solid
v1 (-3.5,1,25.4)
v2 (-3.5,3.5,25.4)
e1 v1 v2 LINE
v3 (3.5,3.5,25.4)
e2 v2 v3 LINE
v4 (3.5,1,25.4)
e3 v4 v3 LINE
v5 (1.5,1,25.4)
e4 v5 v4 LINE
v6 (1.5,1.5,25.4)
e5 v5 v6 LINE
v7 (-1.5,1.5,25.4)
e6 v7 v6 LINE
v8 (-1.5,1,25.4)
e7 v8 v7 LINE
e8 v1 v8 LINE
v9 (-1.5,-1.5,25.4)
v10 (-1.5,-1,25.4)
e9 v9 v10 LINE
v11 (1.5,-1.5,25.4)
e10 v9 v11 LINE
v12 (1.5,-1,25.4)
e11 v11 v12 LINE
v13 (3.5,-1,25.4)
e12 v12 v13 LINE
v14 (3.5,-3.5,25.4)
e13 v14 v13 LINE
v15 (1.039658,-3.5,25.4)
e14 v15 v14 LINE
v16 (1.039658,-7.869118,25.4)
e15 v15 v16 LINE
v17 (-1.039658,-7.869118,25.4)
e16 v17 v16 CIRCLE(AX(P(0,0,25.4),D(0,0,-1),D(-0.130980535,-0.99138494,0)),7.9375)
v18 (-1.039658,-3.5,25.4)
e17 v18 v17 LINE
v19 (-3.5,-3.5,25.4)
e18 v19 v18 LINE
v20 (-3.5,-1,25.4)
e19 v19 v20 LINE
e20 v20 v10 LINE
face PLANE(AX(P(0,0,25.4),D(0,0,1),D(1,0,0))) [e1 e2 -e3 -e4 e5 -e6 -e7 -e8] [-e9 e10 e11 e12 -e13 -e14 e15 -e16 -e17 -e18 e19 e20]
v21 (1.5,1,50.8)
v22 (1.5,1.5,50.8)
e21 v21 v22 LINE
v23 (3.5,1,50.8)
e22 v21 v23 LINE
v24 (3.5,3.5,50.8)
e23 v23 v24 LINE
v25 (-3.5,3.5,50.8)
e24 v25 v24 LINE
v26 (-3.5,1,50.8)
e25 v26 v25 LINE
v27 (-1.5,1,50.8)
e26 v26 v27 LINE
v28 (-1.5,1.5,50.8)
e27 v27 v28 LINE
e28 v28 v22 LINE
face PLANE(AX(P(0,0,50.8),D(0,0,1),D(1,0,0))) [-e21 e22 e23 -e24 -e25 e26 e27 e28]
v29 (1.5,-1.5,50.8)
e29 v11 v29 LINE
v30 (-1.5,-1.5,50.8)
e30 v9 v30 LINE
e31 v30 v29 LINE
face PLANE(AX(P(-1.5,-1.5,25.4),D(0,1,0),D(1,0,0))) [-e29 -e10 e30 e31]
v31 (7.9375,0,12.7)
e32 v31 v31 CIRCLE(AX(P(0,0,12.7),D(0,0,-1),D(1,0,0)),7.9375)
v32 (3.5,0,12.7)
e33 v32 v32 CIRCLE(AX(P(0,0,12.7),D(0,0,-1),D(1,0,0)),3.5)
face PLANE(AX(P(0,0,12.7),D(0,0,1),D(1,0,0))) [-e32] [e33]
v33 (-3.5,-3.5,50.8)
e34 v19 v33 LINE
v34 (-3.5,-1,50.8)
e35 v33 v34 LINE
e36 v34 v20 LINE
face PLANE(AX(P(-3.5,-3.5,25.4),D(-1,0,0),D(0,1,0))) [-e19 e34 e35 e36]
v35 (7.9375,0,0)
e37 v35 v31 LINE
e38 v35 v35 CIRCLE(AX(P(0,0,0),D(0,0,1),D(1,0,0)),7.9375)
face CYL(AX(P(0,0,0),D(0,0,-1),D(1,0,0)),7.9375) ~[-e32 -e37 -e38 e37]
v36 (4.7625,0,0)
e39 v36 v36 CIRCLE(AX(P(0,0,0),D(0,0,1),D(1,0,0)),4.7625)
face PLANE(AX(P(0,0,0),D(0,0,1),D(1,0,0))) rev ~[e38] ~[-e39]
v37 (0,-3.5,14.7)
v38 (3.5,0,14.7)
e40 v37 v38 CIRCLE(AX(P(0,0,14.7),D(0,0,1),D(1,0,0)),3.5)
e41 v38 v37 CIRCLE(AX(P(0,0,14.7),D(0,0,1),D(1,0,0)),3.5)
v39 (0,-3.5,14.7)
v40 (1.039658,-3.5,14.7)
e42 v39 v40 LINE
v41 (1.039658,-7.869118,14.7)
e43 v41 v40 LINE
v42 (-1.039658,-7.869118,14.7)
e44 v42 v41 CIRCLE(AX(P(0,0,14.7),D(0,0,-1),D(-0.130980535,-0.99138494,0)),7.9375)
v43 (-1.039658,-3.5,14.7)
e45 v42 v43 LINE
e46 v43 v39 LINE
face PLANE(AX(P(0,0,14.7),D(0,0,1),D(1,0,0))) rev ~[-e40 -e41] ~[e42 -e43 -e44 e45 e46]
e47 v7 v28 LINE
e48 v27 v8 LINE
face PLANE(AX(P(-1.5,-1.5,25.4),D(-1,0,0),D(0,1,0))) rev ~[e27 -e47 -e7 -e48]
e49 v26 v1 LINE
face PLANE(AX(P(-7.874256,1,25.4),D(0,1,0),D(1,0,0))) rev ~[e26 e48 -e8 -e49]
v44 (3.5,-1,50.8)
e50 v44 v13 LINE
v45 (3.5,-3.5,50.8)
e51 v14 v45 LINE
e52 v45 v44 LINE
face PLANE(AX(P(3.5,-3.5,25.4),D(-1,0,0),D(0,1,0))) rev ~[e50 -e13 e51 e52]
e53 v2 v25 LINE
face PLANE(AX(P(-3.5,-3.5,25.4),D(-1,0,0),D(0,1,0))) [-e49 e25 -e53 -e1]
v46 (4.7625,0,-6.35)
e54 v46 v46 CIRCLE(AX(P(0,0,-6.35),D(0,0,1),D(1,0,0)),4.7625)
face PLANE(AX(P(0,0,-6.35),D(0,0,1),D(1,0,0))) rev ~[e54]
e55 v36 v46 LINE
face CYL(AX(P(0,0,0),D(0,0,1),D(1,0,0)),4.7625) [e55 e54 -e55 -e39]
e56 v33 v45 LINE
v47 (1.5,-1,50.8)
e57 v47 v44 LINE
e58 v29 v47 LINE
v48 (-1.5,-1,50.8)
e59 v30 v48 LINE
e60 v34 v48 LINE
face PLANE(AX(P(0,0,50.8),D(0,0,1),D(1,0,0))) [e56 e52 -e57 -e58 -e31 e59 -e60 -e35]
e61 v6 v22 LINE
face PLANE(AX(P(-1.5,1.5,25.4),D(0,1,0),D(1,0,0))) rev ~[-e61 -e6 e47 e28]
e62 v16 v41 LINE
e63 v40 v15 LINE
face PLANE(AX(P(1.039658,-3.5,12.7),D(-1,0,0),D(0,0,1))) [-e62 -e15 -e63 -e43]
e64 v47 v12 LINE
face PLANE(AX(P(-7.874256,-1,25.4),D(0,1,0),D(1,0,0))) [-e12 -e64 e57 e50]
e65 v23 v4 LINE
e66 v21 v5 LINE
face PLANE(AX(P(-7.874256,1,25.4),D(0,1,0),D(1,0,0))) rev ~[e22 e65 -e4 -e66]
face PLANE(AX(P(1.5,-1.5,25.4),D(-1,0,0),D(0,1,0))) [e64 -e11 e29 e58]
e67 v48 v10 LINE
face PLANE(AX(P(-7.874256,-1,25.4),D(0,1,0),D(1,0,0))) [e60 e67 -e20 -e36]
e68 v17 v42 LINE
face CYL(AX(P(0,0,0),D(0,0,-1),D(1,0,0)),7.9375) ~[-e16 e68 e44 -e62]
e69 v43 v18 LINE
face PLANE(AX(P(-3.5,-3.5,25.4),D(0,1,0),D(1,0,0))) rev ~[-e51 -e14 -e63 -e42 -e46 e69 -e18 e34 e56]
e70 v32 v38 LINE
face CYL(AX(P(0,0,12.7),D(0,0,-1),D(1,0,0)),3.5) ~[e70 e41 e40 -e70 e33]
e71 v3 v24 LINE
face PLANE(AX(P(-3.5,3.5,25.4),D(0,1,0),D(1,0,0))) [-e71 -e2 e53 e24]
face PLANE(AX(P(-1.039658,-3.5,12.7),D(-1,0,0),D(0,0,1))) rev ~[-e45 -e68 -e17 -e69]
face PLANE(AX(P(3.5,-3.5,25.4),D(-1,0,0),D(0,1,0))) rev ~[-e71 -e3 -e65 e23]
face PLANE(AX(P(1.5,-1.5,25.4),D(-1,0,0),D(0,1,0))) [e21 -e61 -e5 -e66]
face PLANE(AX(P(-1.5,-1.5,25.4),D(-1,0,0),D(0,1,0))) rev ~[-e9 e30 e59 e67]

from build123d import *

# Parameters (mm, degrees)
F0_R      = 7.9375
F1_DEPTH  = 25.4
F2_R      = 4.7625
F3_DEPTH  = 6.35
F4_W      = 7
F4_H      = 7
F5_DEPTH  = 25.4
F6_W      = 3
F6_H      = 3
F7_DEPTH  = 25.4
F9_W      = 15.748512
F9_H      = 2
F10_DEPTH = 25.4
F12_W     = 2.079316
F12_H     = 12.7
F13_DEPTH = 25.4
F15_R     = 7.9375
F15_R_2   = 3.5
F16_DEPTH = 2


with BuildPart() as f1:
    # F0 (on Top) → F1 (new body)
    with BuildSketch(Plane.XY):
        Circle(F0_R)
    extrude(amount=F1_DEPTH)

    # F2 (on Top) → F3 (join)
    with BuildSketch(Plane.XY):
        Circle(F2_R)
    extrude(amount=-F3_DEPTH)

    # F4 (on face) → F5 (join)
    with BuildSketch(Plane.XY.offset(25.4)):
        Rectangle(F4_W, F4_H)
    extrude(amount=F5_DEPTH)


with BuildPart() as f7:
    # F6 (on face) → F7 (new body)
    with BuildSketch(Plane.XY.offset(25.4)):
        Rectangle(F6_W, F6_H)
    extrude(amount=F7_DEPTH)


with BuildPart() as f1_1:
    add(f1.part)

    # F8: cut F7
    add(f7.part, mode=Mode.SUBTRACT)


with BuildPart() as f10:
    # F9 (on face) → F10 (new body)
    with BuildSketch(Plane.XY.offset(25.4)):
        Rectangle(F9_W, F9_H)
    extrude(amount=F10_DEPTH)


with BuildPart() as f1_2:
    add(f1_1.part)

    # F11: cut F10
    add(f10.part, mode=Mode.SUBTRACT)


with BuildPart() as f13:
    # F12 (on face) → F13 (new body)
    with BuildSketch(Plane.XZ.offset(3.5)):
        with Locations((0, 19.05)):
            Rectangle(F12_W, F12_H)
    extrude(amount=F13_DEPTH)


with BuildPart() as f1_3:
    add(f1_2.part)

    # F14: cut F13
    add(f13.part, mode=Mode.SUBTRACT)


with BuildPart() as f16:
    # F15 (on face) → F16 (new body)
    with BuildSketch(Plane.XY.offset(12.7)):
        Circle(F15_R)
        Circle(F15_R_2, mode=Mode.SUBTRACT)
    extrude(amount=F16_DEPTH)


with BuildPart() as f1_4:
    add(f1_3.part)

    # F17: cut F16
    add(f16.part, mode=Mode.SUBTRACT)


solid = f1_4.part
